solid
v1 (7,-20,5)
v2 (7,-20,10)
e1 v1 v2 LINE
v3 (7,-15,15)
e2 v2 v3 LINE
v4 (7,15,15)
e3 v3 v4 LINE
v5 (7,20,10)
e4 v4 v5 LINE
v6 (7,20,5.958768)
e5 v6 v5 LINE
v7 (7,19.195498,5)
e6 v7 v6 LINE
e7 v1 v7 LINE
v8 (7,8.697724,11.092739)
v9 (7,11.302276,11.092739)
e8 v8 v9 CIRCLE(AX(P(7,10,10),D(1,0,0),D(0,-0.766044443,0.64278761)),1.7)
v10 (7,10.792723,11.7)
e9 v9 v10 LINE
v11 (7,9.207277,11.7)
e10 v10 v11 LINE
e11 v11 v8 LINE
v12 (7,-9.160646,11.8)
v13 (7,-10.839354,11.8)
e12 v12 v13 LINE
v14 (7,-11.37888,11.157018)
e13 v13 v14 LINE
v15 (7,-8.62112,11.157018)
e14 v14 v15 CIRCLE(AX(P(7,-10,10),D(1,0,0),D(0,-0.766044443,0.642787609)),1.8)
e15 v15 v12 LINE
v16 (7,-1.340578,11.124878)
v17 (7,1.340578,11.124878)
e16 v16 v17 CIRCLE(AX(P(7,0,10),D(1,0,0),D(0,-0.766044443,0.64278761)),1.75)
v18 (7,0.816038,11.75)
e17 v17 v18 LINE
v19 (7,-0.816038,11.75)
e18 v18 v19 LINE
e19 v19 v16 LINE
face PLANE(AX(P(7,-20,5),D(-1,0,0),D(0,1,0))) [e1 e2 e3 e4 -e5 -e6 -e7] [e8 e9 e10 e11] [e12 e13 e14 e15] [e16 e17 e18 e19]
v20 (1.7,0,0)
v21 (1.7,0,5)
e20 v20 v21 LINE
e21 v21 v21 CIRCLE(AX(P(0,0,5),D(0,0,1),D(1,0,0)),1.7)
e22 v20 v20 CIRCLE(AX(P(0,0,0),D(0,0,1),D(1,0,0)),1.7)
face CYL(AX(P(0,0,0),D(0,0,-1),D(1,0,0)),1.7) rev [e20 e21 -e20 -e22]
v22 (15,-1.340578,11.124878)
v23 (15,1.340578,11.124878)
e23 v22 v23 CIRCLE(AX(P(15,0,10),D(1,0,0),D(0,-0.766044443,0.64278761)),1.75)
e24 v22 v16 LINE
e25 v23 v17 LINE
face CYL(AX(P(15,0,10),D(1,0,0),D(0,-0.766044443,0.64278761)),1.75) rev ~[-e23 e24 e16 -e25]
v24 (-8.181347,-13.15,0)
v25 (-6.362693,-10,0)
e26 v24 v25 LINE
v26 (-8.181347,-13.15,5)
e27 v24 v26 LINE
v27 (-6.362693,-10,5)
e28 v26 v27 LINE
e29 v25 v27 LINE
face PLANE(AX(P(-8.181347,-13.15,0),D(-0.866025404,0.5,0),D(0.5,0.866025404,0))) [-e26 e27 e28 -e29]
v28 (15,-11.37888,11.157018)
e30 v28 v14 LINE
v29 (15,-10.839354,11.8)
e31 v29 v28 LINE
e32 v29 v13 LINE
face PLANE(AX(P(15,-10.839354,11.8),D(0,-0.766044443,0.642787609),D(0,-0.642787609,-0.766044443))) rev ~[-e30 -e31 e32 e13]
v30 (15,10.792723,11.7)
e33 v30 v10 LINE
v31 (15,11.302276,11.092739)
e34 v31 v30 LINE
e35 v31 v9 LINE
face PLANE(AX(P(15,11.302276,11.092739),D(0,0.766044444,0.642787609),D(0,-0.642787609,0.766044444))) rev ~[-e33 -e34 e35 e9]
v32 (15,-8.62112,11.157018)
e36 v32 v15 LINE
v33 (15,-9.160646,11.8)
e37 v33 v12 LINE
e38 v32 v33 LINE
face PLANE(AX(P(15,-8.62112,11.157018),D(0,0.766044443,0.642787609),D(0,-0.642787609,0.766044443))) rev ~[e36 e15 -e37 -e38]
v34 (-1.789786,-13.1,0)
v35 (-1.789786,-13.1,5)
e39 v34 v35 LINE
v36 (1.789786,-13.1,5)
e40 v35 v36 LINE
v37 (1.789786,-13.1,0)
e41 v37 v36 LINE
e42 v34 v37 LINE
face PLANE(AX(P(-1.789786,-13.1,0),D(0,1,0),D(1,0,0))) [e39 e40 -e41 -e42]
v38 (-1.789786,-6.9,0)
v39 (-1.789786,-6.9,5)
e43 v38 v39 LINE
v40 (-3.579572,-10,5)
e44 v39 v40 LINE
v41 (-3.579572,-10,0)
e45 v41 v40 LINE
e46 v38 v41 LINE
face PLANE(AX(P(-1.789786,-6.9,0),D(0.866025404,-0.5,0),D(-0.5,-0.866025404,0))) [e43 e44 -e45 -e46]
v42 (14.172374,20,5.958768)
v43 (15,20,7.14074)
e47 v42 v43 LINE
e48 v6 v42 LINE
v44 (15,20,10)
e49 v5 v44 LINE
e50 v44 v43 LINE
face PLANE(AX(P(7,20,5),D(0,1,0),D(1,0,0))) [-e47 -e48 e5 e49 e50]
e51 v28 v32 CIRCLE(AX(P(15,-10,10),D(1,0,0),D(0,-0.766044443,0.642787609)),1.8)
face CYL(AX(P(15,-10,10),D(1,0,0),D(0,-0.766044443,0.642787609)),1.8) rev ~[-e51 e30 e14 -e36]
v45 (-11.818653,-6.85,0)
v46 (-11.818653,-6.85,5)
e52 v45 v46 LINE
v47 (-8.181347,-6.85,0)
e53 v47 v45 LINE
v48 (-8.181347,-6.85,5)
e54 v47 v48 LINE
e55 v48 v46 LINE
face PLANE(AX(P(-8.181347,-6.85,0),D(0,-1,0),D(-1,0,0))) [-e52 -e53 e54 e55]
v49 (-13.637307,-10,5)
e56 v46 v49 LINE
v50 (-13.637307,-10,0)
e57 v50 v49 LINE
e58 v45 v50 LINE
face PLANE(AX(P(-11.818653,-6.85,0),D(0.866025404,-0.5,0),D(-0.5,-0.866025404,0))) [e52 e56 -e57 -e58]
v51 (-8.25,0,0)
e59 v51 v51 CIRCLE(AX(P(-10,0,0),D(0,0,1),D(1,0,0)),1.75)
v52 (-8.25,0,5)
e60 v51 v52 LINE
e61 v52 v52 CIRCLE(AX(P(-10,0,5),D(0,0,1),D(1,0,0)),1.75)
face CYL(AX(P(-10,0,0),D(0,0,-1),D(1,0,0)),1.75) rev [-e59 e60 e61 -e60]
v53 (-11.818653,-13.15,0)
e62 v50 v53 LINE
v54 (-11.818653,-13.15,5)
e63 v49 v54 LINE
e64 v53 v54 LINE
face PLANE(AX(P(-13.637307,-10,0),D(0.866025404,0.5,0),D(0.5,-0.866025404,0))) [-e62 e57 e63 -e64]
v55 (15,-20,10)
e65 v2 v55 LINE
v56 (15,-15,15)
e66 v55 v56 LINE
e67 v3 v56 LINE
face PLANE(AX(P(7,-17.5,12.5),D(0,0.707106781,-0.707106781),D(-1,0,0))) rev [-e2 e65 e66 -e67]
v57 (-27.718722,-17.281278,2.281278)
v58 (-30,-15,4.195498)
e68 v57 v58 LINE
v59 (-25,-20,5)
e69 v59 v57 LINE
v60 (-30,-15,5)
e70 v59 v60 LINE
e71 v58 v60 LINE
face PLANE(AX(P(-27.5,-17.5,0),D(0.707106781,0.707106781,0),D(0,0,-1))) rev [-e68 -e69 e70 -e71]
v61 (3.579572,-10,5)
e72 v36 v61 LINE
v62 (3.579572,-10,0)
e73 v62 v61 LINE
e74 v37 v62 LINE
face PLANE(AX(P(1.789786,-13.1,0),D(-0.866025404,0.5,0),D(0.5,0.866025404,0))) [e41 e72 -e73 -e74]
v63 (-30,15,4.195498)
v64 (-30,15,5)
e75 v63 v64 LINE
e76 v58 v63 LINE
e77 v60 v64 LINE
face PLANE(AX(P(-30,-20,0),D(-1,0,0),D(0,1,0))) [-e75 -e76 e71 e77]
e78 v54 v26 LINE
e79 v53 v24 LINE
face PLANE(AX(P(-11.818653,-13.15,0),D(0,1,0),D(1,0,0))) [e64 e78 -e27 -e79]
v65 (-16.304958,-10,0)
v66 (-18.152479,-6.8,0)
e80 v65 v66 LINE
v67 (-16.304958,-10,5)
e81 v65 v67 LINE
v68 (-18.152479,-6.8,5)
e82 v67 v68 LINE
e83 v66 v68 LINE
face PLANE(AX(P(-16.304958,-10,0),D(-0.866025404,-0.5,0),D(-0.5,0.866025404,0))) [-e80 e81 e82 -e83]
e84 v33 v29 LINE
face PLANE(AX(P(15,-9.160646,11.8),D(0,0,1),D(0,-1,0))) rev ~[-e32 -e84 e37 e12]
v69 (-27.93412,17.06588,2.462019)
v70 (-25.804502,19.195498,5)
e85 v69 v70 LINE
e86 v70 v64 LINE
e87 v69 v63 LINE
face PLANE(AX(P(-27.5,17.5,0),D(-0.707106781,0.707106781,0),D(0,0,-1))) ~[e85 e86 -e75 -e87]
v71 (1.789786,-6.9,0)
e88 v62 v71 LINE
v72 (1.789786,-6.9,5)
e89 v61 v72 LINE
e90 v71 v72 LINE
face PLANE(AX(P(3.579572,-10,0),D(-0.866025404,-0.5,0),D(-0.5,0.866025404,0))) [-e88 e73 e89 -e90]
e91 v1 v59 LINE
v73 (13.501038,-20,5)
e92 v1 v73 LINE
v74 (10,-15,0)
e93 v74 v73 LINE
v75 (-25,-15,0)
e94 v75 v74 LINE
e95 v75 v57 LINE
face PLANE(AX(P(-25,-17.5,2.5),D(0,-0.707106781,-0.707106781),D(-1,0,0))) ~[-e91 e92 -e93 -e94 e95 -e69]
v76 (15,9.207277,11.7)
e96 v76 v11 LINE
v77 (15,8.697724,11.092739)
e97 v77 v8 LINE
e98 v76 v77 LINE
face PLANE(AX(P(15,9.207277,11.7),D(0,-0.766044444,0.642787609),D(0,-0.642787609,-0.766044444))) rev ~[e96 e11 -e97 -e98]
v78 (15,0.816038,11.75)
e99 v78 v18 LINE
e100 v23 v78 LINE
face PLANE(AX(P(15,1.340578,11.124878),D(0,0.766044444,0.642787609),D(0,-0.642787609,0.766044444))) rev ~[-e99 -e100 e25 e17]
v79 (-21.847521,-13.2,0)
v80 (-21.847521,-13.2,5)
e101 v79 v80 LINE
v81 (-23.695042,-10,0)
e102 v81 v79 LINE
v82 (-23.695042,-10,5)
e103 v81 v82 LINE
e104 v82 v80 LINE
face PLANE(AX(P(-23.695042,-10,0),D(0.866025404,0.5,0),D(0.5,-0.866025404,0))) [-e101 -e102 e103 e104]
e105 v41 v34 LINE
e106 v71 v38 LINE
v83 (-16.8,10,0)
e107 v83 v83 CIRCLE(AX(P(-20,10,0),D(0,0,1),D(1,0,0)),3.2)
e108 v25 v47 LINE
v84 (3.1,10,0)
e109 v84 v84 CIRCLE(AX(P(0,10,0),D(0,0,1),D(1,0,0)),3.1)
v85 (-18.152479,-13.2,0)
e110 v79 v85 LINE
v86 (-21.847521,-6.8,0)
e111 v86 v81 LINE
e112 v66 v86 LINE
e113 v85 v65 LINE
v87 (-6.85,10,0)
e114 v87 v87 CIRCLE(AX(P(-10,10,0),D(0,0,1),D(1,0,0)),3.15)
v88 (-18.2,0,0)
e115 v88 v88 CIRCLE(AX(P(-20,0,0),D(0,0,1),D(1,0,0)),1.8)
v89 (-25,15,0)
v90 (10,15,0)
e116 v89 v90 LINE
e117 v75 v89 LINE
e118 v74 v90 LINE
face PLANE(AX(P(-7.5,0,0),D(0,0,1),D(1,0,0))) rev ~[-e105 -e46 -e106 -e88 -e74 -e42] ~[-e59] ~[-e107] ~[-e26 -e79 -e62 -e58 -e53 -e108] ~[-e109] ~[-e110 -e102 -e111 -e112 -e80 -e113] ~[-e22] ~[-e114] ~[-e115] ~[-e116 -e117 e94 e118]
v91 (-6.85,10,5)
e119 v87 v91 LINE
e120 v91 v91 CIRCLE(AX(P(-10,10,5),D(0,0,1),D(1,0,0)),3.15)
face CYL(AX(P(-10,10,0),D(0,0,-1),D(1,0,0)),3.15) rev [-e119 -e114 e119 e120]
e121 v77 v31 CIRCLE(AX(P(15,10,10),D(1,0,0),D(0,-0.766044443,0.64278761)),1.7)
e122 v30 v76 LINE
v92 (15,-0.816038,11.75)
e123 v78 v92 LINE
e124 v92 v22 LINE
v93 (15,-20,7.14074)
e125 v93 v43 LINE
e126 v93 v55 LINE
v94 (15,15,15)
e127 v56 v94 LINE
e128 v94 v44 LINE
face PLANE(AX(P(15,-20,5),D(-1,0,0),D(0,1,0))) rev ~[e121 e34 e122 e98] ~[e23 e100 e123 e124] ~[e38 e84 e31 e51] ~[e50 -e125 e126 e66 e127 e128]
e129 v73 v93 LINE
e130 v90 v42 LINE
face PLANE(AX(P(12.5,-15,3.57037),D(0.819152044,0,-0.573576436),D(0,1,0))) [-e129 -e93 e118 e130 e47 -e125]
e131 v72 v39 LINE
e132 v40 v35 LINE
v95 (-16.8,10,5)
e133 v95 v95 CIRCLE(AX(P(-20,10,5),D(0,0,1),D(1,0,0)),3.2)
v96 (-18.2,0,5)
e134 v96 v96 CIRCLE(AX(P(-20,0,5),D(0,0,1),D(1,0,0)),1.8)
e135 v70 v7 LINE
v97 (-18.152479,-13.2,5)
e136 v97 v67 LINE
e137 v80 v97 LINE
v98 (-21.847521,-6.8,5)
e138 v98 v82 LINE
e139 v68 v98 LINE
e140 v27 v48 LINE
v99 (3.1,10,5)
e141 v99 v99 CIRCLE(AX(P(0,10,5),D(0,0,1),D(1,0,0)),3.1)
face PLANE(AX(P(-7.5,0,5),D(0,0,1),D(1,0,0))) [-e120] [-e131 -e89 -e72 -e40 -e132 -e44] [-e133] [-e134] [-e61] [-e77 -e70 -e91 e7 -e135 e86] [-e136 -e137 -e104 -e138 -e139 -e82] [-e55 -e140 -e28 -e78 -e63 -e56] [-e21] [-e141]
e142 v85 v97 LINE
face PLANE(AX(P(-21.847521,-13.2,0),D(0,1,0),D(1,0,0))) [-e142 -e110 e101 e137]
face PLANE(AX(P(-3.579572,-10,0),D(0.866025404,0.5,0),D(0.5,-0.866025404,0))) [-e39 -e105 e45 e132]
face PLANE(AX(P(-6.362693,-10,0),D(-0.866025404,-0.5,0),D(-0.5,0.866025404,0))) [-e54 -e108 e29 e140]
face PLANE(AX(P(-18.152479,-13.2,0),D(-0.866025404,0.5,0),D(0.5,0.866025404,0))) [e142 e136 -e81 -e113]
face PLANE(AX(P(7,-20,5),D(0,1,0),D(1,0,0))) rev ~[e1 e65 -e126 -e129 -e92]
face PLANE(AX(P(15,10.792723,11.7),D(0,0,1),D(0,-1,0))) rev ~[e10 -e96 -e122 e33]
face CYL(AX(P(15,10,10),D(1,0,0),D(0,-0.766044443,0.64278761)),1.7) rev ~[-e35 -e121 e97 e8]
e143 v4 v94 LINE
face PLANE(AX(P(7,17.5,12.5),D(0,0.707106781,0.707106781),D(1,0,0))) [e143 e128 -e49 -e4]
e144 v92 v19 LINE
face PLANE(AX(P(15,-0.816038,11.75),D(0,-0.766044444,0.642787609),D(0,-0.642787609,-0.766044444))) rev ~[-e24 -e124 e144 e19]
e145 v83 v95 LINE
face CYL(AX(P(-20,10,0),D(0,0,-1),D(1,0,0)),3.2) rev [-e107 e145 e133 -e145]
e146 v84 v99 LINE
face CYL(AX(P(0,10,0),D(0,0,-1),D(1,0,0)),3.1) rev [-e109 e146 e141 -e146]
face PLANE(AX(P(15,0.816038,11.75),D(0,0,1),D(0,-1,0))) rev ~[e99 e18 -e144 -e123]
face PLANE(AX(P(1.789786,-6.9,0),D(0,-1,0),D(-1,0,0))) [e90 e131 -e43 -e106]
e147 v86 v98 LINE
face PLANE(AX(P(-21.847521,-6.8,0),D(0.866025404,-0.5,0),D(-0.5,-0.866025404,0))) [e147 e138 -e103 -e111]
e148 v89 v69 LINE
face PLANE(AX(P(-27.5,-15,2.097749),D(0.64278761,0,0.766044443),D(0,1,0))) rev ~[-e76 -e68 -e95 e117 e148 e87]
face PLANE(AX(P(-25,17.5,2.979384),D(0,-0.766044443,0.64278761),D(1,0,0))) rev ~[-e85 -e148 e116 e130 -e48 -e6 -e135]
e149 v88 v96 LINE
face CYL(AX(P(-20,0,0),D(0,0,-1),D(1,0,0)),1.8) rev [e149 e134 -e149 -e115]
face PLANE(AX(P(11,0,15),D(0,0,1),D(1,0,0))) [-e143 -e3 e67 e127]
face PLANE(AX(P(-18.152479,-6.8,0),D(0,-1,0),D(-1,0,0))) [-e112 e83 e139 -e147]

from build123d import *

# Parameters (mm, degrees)
SKETCH1_W           = 45
SKETCH1_H           = 40
SKETCH1_R           = 1.8
SKETCH1_R_2         = 1.75
SKETCH1_R_3         = 1.7
SKETCH1_R_4         = 3.2
SKETCH1_R_5         = 3.15
SKETCH1_R_6         = 3.1
BOSS_EXTRUDE1_DEPTH = 5
SKETCH2_W           = 8
SKETCH2_H           = 40
BOSS_EXTRUDE2_DEPTH = 10
CUT_EXTRUDE1_REACH  = 53.478
CHAMFER1_SIZE       = 5
CHAMFER2_SIZE       = 5
CHAMFER2_SIZE2      = 5.958767963
CHAMFER3_SIZE       = 5
CHAMFER4_SIZE       = 5
CHAMFER4_SIZE2      = 7.140740034
CHAMFER5_SIZE       = 5
CHAMFER5_SIZE2      = 4.195498156


with BuildPart() as part:
    # Sketch1 → Boss-Extrude1 (new body)
    with BuildSketch(Plane.XY):
        with Locations((-7.5, 0)):
            Rectangle(SKETCH1_W, SKETCH1_H)
        with Locations((-20, 0)):
            Circle(SKETCH1_R, mode=Mode.SUBTRACT)
        with Locations((-10, 0)):
            Circle(SKETCH1_R_2, mode=Mode.SUBTRACT)
        Circle(SKETCH1_R_3, mode=Mode.SUBTRACT)
        with Locations((-20, 10)):
            Circle(SKETCH1_R_4, mode=Mode.SUBTRACT)
        with Locations((-10, 10)):
            Circle(SKETCH1_R_5, mode=Mode.SUBTRACT)
        with Locations((0, 10)):
            Circle(SKETCH1_R_6, mode=Mode.SUBTRACT)
        Polygon((-16.304958277, -10), (-18.152479139, -6.8), (-21.847520861, -6.8), (-23.695041723, -10), (-21.847520861, -13.2), (-18.152479139, -13.2), align=None, mode=Mode.SUBTRACT)
        Polygon((-6.362693304, -10), (-8.181346652, -6.85), (-11.818653348, -6.85), (-13.637306696, -10), (-11.818653348, -13.15), (-8.181346652, -13.15), align=None, mode=Mode.SUBTRACT)
        Polygon((3.579571669, -10), (1.789785834, -6.9), (-1.789785834, -6.9), (-3.579571669, -10), (-1.789785834, -13.1), (1.789785834, -13.1), align=None, mode=Mode.SUBTRACT)
    extrude(amount=BOSS_EXTRUDE1_DEPTH)

    # Sketch2 → Boss-Extrude2 (add)
    with BuildSketch(Plane.XY.offset(5)):
        with Locations((11, 0)):
            Rectangle(SKETCH2_W, SKETCH2_H)
    extrude(amount=BOSS_EXTRUDE2_DEPTH)

    # Sketch3 → Cut-Extrude1 (cut, up to next)
    with BuildSketch(Plane(origin=(15, 0, 0), x_dir=(0, 0, -1), z_dir=(1, 0, 0)), mode=Mode.PRIVATE) as cut_extrude1_sk1:
        with BuildLine():
            Line((-11.092738936, 11.302275553), (-11.7, 10.792723019))
            Line((-11.7, 10.792723019), (-11.7, 9.207276981))
            Line((-11.7, 9.207276981), (-11.092738936, 8.697724447))
            ThreePointArc((-11.092738936, 8.697724447), (-8.3, 10), (-11.092738936, 11.302275553))
        make_face()
    cut_extrude1_tool1 = extrude(cut_extrude1_sk1.sketch, amount=-CUT_EXTRUDE1_REACH, mode=Mode.PRIVATE) & part.part
    # Sketch3 → Cut-Extrude1 (cut, up to next)
    with BuildSketch(Plane(origin=(15, 0, 0), x_dir=(0, 0, -1), z_dir=(1, 0, 0)), mode=Mode.PRIVATE) as cut_extrude1_sk2:
        with BuildLine():
            Line((-11.124878317, 1.340577775), (-11.75, 0.816038402))
            Line((-11.75, 0.816038402), (-11.75, -0.816038402))
            Line((-11.75, -0.816038402), (-11.124878317, -1.340577775))
            ThreePointArc((-11.124878317, -1.340577775), (-8.25, 0), (-11.124878317, 1.340577775))
        make_face()
    cut_extrude1_tool2 = extrude(cut_extrude1_sk2.sketch, amount=-CUT_EXTRUDE1_REACH, mode=Mode.PRIVATE) & part.part
    # Sketch3 → Cut-Extrude1 (cut, up to next)
    with BuildSketch(Plane(origin=(15, 0, 0), x_dir=(0, 0, -1), z_dir=(1, 0, 0)), mode=Mode.PRIVATE) as cut_extrude1_sk3:
        with BuildLine():
            Line((-11.157017697, -8.621120002), (-11.8, -9.160646215))
            Line((-11.8, -9.160646215), (-11.8, -10.839353785))
            Line((-11.8, -10.839353785), (-11.157017697, -11.378879998))
            ThreePointArc((-11.157017697, -11.378879998), (-8.2, -10), (-11.157017697, -8.621120002))
        make_face()
    cut_extrude1_tool3 = extrude(cut_extrude1_sk3.sketch, amount=-CUT_EXTRUDE1_REACH, mode=Mode.PRIVATE) & part.part
    add(cut_extrude1_tool1.solids().sort_by_distance((15, 10, 10.029483))[0], mode=Mode.SUBTRACT)
    add(cut_extrude1_tool2.solids().sort_by_distance((15, 0, 10.03035))[0], mode=Mode.SUBTRACT)
    add(cut_extrude1_tool3.solids().sort_by_distance((15, -10, 10.031217))[0], mode=Mode.SUBTRACT)

    # Chamfer1
    chamfer1_edges = [part.edges().sort_by_distance(p)[0] for p in [
        (-30, -20, 2.5),
        (-30, 20, 2.5),
        (11, -20, 15),
        (11, 20, 15),
    ]]
    chamfer(chamfer1_edges, length=CHAMFER1_SIZE)

    # Chamfer2
    chamfer2_edges = [part.edges().sort_by_distance(p)[0] for p in [
        (-5, 20, 0),
    ]]
    chamfer2_side = [part.faces().sort_by_distance(p)[0] for p in [
        (-6.76599085, 0.061969604, 0),
    ]]
    chamfer(chamfer2_edges, length=CHAMFER2_SIZE, length2=CHAMFER2_SIZE2, reference=chamfer2_side[0])

    # Chamfer3
    chamfer3_edges = [part.edges().sort_by_distance(p)[0] for p in [
        (-5, -20, 0),
    ]]
    chamfer(chamfer3_edges, length=CHAMFER3_SIZE)

    # Chamfer4
    chamfer4_edges = [part.edges().sort_by_distance(p)[0] for p in [
        (15, 0, 0),
    ]]
    chamfer4_side = [part.faces().sort_by_distance(p)[0] for p in [
        (-6.951751809, 0.085391734, 0),
    ]]
    chamfer(chamfer4_edges, length=CHAMFER4_SIZE, length2=CHAMFER4_SIZE2, reference=chamfer4_side[0])

    # Chamfer5
    chamfer5_edges = [part.edges().sort_by_distance(p)[0] for p in [
        (-30, 0, 0),
    ]]
    chamfer5_side = [part.faces().sort_by_distance(p)[0] for p in [
        (-10, -14.5, 0),
    ]]
    chamfer(chamfer5_edges, length=CHAMFER5_SIZE, length2=CHAMFER5_SIZE2, reference=chamfer5_side[0])


solid = part.part
